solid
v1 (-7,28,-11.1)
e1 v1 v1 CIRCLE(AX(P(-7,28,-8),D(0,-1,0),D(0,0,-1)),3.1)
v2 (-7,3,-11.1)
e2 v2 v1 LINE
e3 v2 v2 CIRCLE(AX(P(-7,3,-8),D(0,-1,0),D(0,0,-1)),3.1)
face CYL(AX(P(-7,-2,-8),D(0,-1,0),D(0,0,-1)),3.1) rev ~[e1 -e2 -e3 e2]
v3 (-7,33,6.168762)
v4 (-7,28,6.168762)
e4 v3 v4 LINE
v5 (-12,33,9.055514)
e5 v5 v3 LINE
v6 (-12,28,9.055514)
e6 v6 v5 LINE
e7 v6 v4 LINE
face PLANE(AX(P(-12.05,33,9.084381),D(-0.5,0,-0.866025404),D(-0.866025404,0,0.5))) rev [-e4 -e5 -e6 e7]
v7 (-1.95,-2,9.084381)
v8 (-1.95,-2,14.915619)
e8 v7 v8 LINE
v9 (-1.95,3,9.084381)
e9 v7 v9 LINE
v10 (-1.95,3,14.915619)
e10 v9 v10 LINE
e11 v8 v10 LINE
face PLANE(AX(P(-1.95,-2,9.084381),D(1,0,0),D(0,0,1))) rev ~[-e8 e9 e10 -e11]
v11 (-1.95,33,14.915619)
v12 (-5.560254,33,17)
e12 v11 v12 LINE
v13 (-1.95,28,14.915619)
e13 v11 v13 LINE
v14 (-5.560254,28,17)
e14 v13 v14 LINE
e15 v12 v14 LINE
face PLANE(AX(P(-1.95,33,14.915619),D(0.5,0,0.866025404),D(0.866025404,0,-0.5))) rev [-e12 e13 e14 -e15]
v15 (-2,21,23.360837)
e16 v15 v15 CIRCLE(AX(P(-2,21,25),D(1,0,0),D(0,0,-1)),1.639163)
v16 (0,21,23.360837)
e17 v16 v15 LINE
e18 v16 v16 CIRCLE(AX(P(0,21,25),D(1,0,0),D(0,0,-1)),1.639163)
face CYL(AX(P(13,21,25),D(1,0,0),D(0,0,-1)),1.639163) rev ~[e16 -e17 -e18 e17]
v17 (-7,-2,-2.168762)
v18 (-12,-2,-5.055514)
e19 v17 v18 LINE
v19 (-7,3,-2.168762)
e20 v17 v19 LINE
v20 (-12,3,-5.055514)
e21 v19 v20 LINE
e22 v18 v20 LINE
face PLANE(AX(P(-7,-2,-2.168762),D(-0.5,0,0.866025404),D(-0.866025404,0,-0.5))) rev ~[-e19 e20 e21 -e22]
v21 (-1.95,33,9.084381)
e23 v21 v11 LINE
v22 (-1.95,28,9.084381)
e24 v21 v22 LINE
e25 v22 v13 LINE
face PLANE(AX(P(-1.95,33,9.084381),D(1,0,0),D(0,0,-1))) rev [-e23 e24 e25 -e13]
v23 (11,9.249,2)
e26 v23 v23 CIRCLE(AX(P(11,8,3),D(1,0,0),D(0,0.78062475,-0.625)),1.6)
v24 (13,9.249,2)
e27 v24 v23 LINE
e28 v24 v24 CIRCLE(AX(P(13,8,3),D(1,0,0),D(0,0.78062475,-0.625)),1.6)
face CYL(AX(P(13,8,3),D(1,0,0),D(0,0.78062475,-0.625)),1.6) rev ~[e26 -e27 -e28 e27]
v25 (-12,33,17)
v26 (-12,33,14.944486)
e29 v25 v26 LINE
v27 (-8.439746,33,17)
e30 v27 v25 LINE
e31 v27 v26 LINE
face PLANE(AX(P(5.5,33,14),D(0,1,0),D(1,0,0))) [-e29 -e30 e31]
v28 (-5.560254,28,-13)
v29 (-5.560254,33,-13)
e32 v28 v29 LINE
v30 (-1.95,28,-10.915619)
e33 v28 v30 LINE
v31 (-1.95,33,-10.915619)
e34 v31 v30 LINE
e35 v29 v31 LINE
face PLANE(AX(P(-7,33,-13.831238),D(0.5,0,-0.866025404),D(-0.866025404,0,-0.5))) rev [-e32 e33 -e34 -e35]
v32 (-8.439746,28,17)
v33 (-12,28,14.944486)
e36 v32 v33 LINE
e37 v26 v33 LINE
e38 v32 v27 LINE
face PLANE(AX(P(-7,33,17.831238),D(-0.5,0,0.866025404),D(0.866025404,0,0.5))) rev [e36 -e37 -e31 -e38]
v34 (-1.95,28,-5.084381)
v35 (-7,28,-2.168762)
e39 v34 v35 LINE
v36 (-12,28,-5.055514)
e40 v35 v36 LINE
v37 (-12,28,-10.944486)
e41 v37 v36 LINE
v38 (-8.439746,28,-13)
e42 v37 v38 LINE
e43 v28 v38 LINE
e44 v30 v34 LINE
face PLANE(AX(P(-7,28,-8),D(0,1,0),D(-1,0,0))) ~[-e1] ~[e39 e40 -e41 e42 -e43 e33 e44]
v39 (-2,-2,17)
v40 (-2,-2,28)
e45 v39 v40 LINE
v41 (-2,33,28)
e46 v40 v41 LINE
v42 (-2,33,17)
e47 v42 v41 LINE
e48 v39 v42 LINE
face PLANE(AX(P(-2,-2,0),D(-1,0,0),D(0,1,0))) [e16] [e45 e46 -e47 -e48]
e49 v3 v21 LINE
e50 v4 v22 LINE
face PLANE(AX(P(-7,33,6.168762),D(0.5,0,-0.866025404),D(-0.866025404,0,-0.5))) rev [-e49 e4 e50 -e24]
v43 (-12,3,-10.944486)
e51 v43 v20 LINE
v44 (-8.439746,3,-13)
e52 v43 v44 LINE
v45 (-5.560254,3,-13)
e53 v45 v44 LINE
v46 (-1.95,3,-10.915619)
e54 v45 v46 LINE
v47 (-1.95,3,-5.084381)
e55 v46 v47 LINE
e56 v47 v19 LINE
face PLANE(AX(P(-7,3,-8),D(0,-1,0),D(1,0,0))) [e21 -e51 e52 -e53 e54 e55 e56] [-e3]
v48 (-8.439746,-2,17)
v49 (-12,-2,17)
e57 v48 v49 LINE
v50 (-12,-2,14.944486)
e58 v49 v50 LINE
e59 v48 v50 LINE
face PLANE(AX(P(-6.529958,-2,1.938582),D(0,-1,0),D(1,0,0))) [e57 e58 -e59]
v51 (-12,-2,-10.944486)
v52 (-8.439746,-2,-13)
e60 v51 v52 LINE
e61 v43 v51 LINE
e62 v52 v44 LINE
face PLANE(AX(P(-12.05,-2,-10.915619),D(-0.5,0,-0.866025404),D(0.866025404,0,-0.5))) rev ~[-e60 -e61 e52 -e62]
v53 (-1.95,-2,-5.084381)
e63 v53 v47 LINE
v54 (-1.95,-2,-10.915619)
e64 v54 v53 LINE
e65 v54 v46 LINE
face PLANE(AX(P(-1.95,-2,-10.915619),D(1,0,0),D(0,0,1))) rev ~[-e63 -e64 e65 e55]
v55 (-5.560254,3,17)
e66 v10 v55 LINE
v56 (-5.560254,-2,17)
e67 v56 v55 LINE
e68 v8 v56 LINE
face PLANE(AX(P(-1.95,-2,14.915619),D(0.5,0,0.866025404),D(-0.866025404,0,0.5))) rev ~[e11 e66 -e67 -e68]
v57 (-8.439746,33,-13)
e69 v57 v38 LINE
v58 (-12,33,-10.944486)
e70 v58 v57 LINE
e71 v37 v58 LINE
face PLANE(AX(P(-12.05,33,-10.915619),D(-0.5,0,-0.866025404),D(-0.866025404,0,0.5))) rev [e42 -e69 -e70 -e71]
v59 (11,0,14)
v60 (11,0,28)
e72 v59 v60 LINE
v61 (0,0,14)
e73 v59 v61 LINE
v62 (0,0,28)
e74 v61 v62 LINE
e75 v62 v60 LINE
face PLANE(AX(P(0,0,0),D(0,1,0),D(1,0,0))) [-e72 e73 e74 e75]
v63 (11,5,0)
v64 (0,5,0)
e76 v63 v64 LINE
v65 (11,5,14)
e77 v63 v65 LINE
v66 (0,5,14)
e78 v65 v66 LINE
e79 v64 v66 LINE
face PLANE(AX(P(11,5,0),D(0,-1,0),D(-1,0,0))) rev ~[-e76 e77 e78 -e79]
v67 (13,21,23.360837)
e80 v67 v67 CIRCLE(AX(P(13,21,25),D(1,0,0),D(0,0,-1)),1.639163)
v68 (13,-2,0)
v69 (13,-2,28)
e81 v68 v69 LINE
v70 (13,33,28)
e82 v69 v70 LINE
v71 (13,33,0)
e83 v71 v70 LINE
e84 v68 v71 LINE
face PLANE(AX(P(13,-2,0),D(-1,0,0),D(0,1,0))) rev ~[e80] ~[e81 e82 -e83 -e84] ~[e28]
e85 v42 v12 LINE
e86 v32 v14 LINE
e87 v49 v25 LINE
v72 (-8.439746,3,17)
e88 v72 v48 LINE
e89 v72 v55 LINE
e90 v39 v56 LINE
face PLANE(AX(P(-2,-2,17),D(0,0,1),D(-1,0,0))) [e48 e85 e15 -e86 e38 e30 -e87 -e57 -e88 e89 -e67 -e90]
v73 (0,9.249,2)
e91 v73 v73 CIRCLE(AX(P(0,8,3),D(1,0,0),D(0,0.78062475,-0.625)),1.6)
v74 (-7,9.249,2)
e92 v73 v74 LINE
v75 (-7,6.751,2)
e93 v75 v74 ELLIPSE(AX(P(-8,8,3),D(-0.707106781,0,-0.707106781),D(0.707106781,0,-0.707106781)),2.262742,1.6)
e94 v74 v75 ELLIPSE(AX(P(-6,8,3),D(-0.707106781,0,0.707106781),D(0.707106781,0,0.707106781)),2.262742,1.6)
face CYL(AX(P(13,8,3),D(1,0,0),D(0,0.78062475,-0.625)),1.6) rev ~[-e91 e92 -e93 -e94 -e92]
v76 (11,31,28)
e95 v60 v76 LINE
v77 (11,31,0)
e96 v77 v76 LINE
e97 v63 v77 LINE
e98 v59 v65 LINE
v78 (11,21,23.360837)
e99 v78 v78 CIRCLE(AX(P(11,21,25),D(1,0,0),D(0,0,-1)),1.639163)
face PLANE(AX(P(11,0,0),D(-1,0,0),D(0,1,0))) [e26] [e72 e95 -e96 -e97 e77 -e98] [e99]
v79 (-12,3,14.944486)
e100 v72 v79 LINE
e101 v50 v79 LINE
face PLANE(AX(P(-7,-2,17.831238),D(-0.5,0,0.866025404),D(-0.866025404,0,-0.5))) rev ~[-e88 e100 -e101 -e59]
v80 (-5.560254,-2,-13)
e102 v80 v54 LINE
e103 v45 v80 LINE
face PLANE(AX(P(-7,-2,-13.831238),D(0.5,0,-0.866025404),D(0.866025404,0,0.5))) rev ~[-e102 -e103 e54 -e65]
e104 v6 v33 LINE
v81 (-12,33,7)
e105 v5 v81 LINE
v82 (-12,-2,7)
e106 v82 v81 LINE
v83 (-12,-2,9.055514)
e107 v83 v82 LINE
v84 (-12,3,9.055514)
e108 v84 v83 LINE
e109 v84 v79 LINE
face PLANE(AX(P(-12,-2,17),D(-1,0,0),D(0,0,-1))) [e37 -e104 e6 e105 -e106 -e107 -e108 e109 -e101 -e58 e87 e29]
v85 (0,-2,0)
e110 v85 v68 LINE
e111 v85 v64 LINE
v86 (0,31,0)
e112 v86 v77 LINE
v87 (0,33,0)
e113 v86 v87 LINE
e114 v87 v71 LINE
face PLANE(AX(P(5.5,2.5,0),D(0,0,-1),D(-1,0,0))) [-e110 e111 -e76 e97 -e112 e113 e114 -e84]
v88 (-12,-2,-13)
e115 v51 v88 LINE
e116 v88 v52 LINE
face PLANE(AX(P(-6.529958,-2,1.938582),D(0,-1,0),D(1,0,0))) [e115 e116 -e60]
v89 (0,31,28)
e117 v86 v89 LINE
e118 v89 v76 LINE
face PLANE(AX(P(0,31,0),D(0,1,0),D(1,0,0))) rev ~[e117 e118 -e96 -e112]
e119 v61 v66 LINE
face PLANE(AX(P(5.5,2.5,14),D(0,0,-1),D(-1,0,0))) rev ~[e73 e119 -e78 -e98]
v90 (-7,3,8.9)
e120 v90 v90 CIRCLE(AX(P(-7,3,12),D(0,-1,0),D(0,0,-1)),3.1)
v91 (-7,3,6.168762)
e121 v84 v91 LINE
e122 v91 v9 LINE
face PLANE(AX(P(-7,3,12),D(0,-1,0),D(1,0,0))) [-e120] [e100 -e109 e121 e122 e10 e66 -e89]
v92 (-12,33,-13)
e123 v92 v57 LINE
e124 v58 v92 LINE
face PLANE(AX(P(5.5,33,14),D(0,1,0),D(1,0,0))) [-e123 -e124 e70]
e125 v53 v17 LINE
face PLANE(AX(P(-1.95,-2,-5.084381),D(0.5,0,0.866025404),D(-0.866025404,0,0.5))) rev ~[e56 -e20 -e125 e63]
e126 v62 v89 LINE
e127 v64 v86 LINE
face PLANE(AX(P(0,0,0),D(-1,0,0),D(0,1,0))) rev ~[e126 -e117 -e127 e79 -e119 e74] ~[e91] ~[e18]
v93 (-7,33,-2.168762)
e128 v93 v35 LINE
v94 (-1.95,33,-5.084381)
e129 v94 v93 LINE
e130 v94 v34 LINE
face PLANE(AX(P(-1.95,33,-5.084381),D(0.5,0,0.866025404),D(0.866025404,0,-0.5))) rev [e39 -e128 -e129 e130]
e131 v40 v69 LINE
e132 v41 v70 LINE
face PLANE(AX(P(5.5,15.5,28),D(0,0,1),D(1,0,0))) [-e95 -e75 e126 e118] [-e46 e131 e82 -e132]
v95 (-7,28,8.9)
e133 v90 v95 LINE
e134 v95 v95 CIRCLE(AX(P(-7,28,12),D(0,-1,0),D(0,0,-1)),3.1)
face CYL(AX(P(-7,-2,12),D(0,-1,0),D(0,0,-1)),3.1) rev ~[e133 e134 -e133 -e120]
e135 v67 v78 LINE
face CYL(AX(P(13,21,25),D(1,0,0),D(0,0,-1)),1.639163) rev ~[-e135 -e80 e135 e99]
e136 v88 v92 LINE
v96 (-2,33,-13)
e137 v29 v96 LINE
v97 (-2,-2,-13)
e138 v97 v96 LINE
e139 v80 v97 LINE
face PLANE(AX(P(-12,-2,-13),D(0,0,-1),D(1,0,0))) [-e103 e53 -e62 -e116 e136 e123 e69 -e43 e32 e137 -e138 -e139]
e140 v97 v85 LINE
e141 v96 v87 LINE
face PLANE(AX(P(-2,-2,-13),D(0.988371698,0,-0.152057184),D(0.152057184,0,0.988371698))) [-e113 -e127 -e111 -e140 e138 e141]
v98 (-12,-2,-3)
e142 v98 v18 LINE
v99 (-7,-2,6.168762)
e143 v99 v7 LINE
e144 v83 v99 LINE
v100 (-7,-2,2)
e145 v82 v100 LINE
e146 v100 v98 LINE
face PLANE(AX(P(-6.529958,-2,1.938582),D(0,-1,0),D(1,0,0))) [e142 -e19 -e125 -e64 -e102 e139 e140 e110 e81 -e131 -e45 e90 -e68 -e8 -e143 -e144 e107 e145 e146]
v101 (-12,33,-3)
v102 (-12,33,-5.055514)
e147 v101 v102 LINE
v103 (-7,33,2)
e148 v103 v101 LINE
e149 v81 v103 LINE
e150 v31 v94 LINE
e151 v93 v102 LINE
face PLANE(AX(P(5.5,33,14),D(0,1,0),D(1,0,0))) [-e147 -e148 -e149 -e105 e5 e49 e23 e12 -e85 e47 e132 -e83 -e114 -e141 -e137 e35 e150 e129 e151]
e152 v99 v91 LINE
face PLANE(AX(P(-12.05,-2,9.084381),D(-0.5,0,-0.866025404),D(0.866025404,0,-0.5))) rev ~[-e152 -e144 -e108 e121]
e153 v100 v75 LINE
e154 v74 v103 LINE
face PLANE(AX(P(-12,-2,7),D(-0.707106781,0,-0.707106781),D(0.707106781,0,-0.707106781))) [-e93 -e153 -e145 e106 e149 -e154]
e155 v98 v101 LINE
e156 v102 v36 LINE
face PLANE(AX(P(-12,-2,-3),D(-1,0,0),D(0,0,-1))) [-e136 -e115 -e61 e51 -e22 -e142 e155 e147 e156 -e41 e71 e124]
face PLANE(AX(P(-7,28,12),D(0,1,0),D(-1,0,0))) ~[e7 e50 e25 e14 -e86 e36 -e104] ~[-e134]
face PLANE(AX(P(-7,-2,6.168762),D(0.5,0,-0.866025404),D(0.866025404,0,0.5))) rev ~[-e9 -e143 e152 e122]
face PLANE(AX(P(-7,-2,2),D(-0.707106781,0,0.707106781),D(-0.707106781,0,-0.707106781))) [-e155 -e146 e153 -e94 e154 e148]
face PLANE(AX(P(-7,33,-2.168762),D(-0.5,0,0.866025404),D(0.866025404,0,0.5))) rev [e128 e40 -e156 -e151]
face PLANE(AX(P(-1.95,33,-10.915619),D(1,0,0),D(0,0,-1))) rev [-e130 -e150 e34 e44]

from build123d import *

# Parameters (mm, degrees)
ESQUISSE1_W             = 15
ESQUISSE1_H             = 35
ESQUISSE1_W_2           = 11
ESQUISSE1_H_2           = 31
EXTRU_MINCE1_DEPTH      = 28
ESQUISSE2_W             = 11
ESQUISSE2_H             = 5
BOSS_EXTRU_1_DEPTH      = 14
BOSS_EXTRU_2_REACH      = 48.669
ESQUISSE8_R             = 3.1
ESQUISSE3_R             = 1.6
ESQUISSE3_R_2           = 1.639162694
ENL_V_MAT_EXTRU_1_DEPTH = 50.979995998
ENL_V_MAT_EXTRU_2_DEPTH = 5


with BuildPart() as part:
    # Esquisse1 → Extru.-Mince1 (new body)
    with BuildSketch(Plane.XY):
        with Locations((5.5, 15.5)):
            Rectangle(ESQUISSE1_W, ESQUISSE1_H)
        with Locations((5.5, 15.5)):
            Rectangle(ESQUISSE1_W_2, ESQUISSE1_H_2, mode=Mode.SUBTRACT)
    extrude(amount=EXTRU_MINCE1_DEPTH)

    # Esquisse2 → Boss.-Extru.1 (add)
    with BuildSketch(Plane(origin=(0, 0, 0), x_dir=(-1, 0, 0), z_dir=(0, 0, -1))):
        with Locations((-5.5, 2.5)):
            Rectangle(ESQUISSE2_W, ESQUISSE2_H)
    extrude(amount=-BOSS_EXTRU_1_DEPTH)

    # Boss.-Extru.2: up to this face of the body (flat: up to its plane)
    boss_extru_2_end = Plane(part.part.faces().sort_by_distance((5.5, 33, 14))[0])
    # Esquisse8 → Boss.-Extru.2 (add, up to the picked face)
    with BuildSketch(Plane.XZ.offset(2), mode=Mode.PRIVATE) as boss_extru_2_sk1:
        Polygon((-2, 17), (-12, 17), (-12, 7), (-7, 2), (-12, -3), (-12, -13), (-2, -13), (0, 0), (-2, 0), align=None)
        with Locations(Location((-7, 12, 0), (0, 0, 270))):
            Circle(ESQUISSE8_R, mode=Mode.SUBTRACT)
        with Locations(Location((-7, -8, 0), (0, 0, 270))):
            Circle(ESQUISSE8_R, mode=Mode.SUBTRACT)
    boss_extru_2_tool1 = split(extrude(boss_extru_2_sk1.sketch, amount=-BOSS_EXTRU_2_REACH, mode=Mode.PRIVATE), bisect_by=boss_extru_2_end, keep=Keep.BOTH, mode=Mode.PRIVATE)
    add(boss_extru_2_tool1.solids().sort_by(Axis((-6.31025, -2, 1.638284), (0, 1, 0)))[0])

    # Esquisse3 → Enlèv. mat.-Extru.1 (cut, through all)
    with BuildSketch(Plane(origin=(13, 0, 0), x_dir=(0, 0, -1), z_dir=(1, 0, 0))):
        with Locations(Location((-3, 8, 0), (0, 0, 51.317812547))):
            Circle(ESQUISSE3_R)
        with Locations((-25, 21)):
            Circle(ESQUISSE3_R_2)
    extrude(amount=-ENL_V_MAT_EXTRU_1_DEPTH, mode=Mode.SUBTRACT)

    # Esquisse9 → Enlèv. mat.-Extru.2 (cut)
    with BuildSketch(Plane.XZ.offset(2)):
        Polygon((-7, -2.168762281), (-12.05, -5.084381141), (-12.05, -10.915618859), (-7, -13.831237719), (-1.95, -10.915618859), (-1.95, -5.084381141), align=None)
        Polygon((-1.95, 14.915618859), (-7, 17.831237719), (-12.05, 14.915618859), (-12.05, 9.084381141), (-7, 6.168762281), (-1.95, 9.084381141), align=None)
    enl_v_mat_extru_2 = extrude(amount=-ENL_V_MAT_EXTRU_2_DEPTH, mode=Mode.SUBTRACT)

    # Symétrie1: Enlèv. mat.-Extru.2 across plane
    add(enl_v_mat_extru_2.mirror(Plane(origin=(0, 15.5, 0), x_dir=(0, 0, 1), z_dir=(0, -1, 0))), mode=Mode.SUBTRACT)


solid = part.part
